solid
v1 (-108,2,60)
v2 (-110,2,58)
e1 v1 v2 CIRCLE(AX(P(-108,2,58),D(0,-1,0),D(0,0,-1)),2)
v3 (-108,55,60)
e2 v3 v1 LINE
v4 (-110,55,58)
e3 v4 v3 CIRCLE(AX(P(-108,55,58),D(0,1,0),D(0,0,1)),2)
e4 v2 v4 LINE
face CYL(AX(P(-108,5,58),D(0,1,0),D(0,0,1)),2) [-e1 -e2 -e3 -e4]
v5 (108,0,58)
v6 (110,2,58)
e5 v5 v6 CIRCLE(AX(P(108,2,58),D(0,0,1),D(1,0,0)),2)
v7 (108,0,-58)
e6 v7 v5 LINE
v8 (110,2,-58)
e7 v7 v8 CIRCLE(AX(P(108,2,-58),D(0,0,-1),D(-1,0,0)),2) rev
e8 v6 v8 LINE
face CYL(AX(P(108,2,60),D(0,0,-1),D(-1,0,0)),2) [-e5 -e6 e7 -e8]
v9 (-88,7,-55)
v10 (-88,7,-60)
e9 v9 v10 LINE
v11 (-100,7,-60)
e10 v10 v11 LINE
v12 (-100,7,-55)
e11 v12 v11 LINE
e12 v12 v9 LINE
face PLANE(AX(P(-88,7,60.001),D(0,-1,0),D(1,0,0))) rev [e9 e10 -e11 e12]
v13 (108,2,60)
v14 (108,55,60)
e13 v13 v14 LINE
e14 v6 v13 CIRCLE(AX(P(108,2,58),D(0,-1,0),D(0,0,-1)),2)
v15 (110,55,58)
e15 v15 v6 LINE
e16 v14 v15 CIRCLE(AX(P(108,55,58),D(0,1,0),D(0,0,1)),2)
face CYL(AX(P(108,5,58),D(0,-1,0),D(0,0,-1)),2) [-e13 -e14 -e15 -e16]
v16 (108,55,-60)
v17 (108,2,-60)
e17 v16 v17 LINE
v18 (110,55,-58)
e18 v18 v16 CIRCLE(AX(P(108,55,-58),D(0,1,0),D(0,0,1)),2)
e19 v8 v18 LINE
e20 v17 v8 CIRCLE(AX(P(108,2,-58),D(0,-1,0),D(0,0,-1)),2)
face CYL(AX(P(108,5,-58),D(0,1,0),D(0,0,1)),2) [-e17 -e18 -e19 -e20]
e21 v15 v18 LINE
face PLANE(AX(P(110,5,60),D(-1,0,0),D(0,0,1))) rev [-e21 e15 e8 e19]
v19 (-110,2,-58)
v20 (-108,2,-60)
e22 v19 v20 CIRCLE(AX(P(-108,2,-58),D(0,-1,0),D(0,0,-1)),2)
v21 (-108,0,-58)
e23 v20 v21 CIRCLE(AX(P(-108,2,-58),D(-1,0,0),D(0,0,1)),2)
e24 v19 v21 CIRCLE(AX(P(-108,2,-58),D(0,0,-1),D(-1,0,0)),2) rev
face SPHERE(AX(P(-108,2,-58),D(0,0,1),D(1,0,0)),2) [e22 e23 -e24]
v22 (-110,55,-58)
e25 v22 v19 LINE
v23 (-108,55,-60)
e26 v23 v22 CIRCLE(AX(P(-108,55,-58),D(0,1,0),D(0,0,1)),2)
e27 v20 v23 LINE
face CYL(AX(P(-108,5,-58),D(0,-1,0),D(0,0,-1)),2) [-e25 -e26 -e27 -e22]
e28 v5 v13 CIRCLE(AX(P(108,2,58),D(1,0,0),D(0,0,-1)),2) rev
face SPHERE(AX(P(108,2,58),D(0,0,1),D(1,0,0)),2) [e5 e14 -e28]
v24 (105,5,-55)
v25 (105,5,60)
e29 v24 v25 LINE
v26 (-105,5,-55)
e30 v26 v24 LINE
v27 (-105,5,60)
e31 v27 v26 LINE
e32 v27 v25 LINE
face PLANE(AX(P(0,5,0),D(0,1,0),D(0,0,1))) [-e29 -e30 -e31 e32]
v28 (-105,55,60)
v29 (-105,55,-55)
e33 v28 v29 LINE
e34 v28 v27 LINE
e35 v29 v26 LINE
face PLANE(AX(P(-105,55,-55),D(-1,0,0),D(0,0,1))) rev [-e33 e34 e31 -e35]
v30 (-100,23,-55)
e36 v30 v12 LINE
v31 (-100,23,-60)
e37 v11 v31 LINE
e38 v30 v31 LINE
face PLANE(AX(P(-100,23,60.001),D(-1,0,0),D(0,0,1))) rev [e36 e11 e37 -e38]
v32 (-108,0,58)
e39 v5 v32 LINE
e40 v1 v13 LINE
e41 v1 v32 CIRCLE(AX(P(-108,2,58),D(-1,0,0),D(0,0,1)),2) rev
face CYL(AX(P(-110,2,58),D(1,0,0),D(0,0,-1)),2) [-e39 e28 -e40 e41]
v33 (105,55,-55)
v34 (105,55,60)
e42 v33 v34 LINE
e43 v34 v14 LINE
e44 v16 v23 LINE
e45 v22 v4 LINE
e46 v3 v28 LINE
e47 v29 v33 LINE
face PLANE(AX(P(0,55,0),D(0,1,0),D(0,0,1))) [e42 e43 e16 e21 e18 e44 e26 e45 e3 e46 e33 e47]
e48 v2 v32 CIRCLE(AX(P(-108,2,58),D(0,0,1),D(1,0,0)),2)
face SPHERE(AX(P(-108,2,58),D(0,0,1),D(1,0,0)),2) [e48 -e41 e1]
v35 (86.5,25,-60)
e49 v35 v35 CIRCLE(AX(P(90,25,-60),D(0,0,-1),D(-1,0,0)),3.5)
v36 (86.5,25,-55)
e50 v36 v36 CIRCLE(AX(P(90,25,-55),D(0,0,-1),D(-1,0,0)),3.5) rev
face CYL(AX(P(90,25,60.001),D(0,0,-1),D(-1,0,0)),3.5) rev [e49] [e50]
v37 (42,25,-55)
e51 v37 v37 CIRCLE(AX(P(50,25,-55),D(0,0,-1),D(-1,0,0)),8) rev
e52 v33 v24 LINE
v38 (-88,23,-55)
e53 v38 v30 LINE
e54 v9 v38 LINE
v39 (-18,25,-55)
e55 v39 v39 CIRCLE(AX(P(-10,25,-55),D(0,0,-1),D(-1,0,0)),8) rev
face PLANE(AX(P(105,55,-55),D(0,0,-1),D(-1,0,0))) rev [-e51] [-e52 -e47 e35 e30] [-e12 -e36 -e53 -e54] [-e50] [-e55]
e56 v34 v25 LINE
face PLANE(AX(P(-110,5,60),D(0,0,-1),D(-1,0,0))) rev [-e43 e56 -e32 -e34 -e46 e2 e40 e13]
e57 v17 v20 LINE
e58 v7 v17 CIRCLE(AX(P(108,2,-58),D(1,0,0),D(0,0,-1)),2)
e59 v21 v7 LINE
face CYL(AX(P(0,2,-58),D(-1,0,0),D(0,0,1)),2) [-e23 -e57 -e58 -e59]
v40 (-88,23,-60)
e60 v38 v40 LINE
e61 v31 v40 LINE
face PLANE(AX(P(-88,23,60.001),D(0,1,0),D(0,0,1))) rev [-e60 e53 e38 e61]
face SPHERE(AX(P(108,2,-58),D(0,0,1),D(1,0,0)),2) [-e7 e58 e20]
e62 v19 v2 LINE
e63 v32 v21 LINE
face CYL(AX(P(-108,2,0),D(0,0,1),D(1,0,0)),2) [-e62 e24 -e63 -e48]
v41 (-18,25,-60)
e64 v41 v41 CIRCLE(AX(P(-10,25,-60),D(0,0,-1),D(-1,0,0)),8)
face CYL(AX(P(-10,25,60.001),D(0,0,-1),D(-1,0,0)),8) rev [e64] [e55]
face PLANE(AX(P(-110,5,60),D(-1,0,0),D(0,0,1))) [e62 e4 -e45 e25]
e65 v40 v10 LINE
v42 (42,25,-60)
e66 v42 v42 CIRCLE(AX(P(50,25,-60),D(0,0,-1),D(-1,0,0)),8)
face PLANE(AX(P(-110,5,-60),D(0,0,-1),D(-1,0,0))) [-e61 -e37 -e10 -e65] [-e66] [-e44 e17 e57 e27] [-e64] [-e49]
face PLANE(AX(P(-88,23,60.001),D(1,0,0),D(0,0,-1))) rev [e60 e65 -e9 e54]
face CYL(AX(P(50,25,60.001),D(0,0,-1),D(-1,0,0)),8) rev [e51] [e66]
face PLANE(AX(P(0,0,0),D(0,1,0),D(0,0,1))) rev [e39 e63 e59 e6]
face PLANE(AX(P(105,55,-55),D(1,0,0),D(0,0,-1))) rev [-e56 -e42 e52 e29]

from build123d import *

# Parameters (mm, degrees)
CROQUIS1_W              = 220
CROQUIS1_H              = 120
SALIENTE_EXTRUIR1_DEPTH = 5
SALIENTE_EXTRUIR2_DEPTH = 50
CORTAR_EXTRUIR1_REACH   = 173.828
CROQUIS3_R              = 8
CROQUIS3_R_2            = 3.5
CROQUIS3_W              = 12
CROQUIS3_H              = 16
REDONDEO1_R             = 2


with BuildPart() as part:
    # Croquis1 → Saliente-Extruir1 (new body)
    with BuildSketch(Plane(origin=(0, 0, 0), x_dir=(1, 0, 0), z_dir=(0, 1, 0))):
        Rectangle(CROQUIS1_W, CROQUIS1_H)
    extrude(amount=SALIENTE_EXTRUIR1_DEPTH)

    # Croquis2 → Saliente-Extruir2 (add)
    with BuildSketch(Plane(origin=(0, 5, 0), x_dir=(1, 0, 0), z_dir=(0, 1, 0))):
        Polygon((-110, 60), (-105, 60), (105, 60), (110, 60), (110, -60), (105, -60), (105, 55), (-105, 55), (-105, -60), (-110, -60), align=None)
    extrude(amount=SALIENTE_EXTRUIR2_DEPTH)

    # Croquis3 → Cortar-Extruir1 (cut, up to next)
    with BuildSketch(Plane(origin=(0, 0, -60), x_dir=(-1, 0, 0), z_dir=(0, 0, -1)), mode=Mode.PRIVATE) as cortar_extruir1_sk1:
        with Locations((-50, 25)):
            Circle(CROQUIS3_R)
    cortar_extruir1_tool1 = extrude(cortar_extruir1_sk1.sketch, amount=-CORTAR_EXTRUIR1_REACH, mode=Mode.PRIVATE) & part.part
    # Croquis3 → Cortar-Extruir1 (cut, up to next)
    with BuildSketch(Plane(origin=(0, 0, -60), x_dir=(-1, 0, 0), z_dir=(0, 0, -1)), mode=Mode.PRIVATE) as cortar_extruir1_sk2:
        with Locations((10, 25)):
            Circle(CROQUIS3_R)
    cortar_extruir1_tool2 = extrude(cortar_extruir1_sk2.sketch, amount=-CORTAR_EXTRUIR1_REACH, mode=Mode.PRIVATE) & part.part
    # Croquis3 → Cortar-Extruir1 (cut, up to next)
    with BuildSketch(Plane(origin=(0, 0, -60), x_dir=(-1, 0, 0), z_dir=(0, 0, -1)), mode=Mode.PRIVATE) as cortar_extruir1_sk3:
        with Locations((-90, 25)):
            Circle(CROQUIS3_R_2)
    cortar_extruir1_tool3 = extrude(cortar_extruir1_sk3.sketch, amount=-CORTAR_EXTRUIR1_REACH, mode=Mode.PRIVATE) & part.part
    # Croquis3 → Cortar-Extruir1 (cut, up to next)
    with BuildSketch(Plane(origin=(0, 0, -60), x_dir=(-1, 0, 0), z_dir=(0, 0, -1)), mode=Mode.PRIVATE) as cortar_extruir1_sk4:
        with Locations((94, 15)):
            Rectangle(CROQUIS3_W, CROQUIS3_H)
    cortar_extruir1_tool4 = extrude(cortar_extruir1_sk4.sketch, amount=-CORTAR_EXTRUIR1_REACH, mode=Mode.PRIVATE) & part.part
    add(cortar_extruir1_tool1.solids().sort_by_distance((50, 25, -60))[0], mode=Mode.SUBTRACT)
    add(cortar_extruir1_tool2.solids().sort_by_distance((-10, 25, -60))[0], mode=Mode.SUBTRACT)
    add(cortar_extruir1_tool3.solids().sort_by_distance((90, 25, -60))[0], mode=Mode.SUBTRACT)
    add(cortar_extruir1_tool4.solids().sort_by_distance((-94, 15, -60))[0], mode=Mode.SUBTRACT)

    # Redondeo1
    redondeo1_edges = [part.edges().sort_by_distance(p)[0] for p in [
        (-110, 0, 0),
        (0, 0, 60),
        (110, 0, 0),
        (0, 0, -60),
        (-110, 27.5, -60),
        (-110, 27.5, 60),
        (110, 27.5, 60),
        (110, 27.5, -60),
    ]]
    fillet(redondeo1_edges, radius=REDONDEO1_R)


solid = part.part
